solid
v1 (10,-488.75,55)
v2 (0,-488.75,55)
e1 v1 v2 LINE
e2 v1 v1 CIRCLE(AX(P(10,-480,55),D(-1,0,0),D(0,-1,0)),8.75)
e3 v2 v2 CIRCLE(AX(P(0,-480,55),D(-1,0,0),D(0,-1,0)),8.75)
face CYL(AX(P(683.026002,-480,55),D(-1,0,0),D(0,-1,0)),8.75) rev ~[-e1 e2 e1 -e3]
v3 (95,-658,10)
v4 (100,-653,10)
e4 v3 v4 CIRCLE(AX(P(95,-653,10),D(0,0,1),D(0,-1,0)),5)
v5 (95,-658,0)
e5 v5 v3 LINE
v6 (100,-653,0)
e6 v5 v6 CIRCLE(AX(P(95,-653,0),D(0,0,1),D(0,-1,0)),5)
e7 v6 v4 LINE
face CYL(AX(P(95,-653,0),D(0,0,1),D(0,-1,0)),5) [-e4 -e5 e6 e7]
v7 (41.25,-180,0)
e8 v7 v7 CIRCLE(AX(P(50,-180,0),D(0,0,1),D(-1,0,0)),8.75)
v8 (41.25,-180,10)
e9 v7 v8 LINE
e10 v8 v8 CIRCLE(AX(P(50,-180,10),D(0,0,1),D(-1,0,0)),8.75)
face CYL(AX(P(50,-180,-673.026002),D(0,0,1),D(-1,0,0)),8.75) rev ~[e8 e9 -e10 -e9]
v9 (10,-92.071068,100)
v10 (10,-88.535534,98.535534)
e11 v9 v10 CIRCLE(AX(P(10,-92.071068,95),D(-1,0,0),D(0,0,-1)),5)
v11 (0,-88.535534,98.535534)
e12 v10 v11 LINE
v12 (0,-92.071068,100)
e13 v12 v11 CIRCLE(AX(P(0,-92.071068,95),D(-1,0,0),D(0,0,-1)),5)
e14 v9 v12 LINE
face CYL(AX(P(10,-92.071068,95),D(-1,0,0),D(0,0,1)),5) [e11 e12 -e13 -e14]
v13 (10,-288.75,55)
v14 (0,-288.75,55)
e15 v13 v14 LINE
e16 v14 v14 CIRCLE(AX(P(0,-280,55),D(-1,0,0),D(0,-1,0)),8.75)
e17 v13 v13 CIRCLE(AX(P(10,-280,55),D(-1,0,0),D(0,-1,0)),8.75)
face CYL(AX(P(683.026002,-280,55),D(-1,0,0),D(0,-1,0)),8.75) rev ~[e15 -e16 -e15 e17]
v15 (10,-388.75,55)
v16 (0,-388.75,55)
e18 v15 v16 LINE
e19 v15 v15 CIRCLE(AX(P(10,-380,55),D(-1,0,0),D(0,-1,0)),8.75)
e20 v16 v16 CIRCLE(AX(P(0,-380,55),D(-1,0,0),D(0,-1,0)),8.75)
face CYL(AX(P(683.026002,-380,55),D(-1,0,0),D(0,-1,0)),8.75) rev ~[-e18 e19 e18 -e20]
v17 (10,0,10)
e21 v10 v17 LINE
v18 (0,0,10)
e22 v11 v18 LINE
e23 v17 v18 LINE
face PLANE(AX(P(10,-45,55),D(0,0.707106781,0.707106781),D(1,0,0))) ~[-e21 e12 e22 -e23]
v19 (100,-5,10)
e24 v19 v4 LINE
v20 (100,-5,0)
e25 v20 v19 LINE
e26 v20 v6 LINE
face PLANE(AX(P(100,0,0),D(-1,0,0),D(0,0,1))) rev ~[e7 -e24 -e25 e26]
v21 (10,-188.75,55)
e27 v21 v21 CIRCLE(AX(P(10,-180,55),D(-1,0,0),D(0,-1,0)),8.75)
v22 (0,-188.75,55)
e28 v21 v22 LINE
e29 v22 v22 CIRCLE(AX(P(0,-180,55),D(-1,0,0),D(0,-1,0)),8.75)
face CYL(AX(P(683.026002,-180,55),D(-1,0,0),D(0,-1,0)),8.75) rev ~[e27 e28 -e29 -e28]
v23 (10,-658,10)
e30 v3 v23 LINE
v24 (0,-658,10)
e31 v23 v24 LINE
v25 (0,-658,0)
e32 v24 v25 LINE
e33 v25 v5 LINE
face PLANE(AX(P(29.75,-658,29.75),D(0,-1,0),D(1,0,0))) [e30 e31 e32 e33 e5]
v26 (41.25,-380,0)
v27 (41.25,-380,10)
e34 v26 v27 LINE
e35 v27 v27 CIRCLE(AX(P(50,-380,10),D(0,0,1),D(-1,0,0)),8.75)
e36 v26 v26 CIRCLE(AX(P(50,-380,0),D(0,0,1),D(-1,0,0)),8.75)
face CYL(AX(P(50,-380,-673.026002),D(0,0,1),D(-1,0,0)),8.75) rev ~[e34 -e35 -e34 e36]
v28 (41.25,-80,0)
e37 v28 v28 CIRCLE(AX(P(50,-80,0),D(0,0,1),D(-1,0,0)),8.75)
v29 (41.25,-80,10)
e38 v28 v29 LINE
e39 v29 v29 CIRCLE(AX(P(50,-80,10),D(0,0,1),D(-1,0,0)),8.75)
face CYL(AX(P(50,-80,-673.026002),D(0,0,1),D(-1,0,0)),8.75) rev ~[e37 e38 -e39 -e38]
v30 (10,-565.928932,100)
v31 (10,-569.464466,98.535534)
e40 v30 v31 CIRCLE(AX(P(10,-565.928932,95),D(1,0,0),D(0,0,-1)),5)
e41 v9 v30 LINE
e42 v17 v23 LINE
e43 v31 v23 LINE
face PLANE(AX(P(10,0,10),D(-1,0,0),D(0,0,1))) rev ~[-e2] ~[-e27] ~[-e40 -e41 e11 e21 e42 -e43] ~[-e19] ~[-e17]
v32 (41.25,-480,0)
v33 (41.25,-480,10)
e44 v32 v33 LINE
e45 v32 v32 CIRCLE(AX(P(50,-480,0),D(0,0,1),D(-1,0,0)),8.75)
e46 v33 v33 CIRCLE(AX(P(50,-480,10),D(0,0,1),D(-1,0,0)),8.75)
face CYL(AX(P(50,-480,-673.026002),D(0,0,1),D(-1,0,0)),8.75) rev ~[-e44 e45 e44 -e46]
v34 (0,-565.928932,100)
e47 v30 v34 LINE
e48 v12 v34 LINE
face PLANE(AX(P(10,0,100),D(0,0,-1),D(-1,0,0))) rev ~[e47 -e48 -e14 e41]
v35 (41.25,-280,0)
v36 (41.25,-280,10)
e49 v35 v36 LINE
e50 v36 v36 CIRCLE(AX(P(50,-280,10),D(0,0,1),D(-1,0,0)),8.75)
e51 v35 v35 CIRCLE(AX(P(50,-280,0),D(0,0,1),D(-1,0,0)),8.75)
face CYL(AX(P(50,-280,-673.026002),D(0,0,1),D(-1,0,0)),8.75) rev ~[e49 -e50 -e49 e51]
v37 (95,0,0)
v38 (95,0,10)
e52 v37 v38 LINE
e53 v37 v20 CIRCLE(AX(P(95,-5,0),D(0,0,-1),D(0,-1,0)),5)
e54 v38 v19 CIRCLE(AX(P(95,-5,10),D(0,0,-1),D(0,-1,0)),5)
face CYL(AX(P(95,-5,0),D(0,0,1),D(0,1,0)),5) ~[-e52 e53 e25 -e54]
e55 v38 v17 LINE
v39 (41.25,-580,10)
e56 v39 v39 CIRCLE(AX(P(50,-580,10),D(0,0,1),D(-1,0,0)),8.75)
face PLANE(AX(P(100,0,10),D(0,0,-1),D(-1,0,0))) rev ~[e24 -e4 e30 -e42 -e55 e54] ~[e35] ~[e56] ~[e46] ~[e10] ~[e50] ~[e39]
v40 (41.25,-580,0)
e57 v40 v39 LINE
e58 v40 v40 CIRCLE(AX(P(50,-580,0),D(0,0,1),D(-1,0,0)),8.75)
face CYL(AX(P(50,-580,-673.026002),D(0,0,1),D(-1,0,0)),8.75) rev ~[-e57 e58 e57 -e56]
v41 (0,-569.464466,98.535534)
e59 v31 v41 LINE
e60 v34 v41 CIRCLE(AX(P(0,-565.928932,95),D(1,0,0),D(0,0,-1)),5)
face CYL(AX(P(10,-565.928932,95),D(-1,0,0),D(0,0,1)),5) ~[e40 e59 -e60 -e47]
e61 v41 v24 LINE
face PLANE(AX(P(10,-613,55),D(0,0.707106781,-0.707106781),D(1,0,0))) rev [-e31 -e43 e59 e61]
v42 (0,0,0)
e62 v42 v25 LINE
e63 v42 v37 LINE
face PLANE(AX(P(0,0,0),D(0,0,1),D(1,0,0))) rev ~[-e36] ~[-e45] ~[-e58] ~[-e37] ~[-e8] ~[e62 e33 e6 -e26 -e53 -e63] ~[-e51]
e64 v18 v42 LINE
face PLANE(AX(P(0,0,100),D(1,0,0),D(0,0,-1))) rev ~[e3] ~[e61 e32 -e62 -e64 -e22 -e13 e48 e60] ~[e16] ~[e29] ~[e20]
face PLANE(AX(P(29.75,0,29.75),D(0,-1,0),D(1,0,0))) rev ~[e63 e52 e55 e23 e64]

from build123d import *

# Parameters (mm, degrees)
F1_DEPTH = 658
F3_D     = 17.5
F5_D     = 17.5
F7_SIZE  = 90
F8_R     = 5


with BuildPart() as f1:
    # F0 (on Front) → F1 (new body)
    with BuildSketch(Plane.XZ):
        Polygon((0, 100), (0, 0), (100, 0), (100, 10), (10, 10), (10, 100), align=None)
    extrude(amount=F1_DEPTH)

    # F3 (through all)
    with Locations(Plane.YZ.offset(10)):
        with Locations((-180, 55), (-280, 55), (-380, 55), (-480, 55)):
            Hole(F3_D / 2)

    # F5 (through all)
    with Locations(Plane(origin=(0, 0, 0), x_dir=(1, 0, 0), z_dir=(0, 0, -1))):
        with Locations((50, 580), (50, 480), (50, 380), (50, 280), (50, 180), (50, 80)):
            Hole(F5_D / 2)

    # F7
    f7_edges = [f1.edges().sort_by_distance(p)[0] for p in [
        (5, -658, 100),
        (5, 0, 100),
    ]]
    chamfer(f7_edges, length=F7_SIZE)

    # F8
    f8_edges = [f1.edges().sort_by_distance(p)[0] for p in [
        (5, -90, 100),
        (100, 0, 5),
        (5, -568, 100),
        (100, -658, 5),
    ]]
    fillet(f8_edges, radius=F8_R)


solid = f1.part
